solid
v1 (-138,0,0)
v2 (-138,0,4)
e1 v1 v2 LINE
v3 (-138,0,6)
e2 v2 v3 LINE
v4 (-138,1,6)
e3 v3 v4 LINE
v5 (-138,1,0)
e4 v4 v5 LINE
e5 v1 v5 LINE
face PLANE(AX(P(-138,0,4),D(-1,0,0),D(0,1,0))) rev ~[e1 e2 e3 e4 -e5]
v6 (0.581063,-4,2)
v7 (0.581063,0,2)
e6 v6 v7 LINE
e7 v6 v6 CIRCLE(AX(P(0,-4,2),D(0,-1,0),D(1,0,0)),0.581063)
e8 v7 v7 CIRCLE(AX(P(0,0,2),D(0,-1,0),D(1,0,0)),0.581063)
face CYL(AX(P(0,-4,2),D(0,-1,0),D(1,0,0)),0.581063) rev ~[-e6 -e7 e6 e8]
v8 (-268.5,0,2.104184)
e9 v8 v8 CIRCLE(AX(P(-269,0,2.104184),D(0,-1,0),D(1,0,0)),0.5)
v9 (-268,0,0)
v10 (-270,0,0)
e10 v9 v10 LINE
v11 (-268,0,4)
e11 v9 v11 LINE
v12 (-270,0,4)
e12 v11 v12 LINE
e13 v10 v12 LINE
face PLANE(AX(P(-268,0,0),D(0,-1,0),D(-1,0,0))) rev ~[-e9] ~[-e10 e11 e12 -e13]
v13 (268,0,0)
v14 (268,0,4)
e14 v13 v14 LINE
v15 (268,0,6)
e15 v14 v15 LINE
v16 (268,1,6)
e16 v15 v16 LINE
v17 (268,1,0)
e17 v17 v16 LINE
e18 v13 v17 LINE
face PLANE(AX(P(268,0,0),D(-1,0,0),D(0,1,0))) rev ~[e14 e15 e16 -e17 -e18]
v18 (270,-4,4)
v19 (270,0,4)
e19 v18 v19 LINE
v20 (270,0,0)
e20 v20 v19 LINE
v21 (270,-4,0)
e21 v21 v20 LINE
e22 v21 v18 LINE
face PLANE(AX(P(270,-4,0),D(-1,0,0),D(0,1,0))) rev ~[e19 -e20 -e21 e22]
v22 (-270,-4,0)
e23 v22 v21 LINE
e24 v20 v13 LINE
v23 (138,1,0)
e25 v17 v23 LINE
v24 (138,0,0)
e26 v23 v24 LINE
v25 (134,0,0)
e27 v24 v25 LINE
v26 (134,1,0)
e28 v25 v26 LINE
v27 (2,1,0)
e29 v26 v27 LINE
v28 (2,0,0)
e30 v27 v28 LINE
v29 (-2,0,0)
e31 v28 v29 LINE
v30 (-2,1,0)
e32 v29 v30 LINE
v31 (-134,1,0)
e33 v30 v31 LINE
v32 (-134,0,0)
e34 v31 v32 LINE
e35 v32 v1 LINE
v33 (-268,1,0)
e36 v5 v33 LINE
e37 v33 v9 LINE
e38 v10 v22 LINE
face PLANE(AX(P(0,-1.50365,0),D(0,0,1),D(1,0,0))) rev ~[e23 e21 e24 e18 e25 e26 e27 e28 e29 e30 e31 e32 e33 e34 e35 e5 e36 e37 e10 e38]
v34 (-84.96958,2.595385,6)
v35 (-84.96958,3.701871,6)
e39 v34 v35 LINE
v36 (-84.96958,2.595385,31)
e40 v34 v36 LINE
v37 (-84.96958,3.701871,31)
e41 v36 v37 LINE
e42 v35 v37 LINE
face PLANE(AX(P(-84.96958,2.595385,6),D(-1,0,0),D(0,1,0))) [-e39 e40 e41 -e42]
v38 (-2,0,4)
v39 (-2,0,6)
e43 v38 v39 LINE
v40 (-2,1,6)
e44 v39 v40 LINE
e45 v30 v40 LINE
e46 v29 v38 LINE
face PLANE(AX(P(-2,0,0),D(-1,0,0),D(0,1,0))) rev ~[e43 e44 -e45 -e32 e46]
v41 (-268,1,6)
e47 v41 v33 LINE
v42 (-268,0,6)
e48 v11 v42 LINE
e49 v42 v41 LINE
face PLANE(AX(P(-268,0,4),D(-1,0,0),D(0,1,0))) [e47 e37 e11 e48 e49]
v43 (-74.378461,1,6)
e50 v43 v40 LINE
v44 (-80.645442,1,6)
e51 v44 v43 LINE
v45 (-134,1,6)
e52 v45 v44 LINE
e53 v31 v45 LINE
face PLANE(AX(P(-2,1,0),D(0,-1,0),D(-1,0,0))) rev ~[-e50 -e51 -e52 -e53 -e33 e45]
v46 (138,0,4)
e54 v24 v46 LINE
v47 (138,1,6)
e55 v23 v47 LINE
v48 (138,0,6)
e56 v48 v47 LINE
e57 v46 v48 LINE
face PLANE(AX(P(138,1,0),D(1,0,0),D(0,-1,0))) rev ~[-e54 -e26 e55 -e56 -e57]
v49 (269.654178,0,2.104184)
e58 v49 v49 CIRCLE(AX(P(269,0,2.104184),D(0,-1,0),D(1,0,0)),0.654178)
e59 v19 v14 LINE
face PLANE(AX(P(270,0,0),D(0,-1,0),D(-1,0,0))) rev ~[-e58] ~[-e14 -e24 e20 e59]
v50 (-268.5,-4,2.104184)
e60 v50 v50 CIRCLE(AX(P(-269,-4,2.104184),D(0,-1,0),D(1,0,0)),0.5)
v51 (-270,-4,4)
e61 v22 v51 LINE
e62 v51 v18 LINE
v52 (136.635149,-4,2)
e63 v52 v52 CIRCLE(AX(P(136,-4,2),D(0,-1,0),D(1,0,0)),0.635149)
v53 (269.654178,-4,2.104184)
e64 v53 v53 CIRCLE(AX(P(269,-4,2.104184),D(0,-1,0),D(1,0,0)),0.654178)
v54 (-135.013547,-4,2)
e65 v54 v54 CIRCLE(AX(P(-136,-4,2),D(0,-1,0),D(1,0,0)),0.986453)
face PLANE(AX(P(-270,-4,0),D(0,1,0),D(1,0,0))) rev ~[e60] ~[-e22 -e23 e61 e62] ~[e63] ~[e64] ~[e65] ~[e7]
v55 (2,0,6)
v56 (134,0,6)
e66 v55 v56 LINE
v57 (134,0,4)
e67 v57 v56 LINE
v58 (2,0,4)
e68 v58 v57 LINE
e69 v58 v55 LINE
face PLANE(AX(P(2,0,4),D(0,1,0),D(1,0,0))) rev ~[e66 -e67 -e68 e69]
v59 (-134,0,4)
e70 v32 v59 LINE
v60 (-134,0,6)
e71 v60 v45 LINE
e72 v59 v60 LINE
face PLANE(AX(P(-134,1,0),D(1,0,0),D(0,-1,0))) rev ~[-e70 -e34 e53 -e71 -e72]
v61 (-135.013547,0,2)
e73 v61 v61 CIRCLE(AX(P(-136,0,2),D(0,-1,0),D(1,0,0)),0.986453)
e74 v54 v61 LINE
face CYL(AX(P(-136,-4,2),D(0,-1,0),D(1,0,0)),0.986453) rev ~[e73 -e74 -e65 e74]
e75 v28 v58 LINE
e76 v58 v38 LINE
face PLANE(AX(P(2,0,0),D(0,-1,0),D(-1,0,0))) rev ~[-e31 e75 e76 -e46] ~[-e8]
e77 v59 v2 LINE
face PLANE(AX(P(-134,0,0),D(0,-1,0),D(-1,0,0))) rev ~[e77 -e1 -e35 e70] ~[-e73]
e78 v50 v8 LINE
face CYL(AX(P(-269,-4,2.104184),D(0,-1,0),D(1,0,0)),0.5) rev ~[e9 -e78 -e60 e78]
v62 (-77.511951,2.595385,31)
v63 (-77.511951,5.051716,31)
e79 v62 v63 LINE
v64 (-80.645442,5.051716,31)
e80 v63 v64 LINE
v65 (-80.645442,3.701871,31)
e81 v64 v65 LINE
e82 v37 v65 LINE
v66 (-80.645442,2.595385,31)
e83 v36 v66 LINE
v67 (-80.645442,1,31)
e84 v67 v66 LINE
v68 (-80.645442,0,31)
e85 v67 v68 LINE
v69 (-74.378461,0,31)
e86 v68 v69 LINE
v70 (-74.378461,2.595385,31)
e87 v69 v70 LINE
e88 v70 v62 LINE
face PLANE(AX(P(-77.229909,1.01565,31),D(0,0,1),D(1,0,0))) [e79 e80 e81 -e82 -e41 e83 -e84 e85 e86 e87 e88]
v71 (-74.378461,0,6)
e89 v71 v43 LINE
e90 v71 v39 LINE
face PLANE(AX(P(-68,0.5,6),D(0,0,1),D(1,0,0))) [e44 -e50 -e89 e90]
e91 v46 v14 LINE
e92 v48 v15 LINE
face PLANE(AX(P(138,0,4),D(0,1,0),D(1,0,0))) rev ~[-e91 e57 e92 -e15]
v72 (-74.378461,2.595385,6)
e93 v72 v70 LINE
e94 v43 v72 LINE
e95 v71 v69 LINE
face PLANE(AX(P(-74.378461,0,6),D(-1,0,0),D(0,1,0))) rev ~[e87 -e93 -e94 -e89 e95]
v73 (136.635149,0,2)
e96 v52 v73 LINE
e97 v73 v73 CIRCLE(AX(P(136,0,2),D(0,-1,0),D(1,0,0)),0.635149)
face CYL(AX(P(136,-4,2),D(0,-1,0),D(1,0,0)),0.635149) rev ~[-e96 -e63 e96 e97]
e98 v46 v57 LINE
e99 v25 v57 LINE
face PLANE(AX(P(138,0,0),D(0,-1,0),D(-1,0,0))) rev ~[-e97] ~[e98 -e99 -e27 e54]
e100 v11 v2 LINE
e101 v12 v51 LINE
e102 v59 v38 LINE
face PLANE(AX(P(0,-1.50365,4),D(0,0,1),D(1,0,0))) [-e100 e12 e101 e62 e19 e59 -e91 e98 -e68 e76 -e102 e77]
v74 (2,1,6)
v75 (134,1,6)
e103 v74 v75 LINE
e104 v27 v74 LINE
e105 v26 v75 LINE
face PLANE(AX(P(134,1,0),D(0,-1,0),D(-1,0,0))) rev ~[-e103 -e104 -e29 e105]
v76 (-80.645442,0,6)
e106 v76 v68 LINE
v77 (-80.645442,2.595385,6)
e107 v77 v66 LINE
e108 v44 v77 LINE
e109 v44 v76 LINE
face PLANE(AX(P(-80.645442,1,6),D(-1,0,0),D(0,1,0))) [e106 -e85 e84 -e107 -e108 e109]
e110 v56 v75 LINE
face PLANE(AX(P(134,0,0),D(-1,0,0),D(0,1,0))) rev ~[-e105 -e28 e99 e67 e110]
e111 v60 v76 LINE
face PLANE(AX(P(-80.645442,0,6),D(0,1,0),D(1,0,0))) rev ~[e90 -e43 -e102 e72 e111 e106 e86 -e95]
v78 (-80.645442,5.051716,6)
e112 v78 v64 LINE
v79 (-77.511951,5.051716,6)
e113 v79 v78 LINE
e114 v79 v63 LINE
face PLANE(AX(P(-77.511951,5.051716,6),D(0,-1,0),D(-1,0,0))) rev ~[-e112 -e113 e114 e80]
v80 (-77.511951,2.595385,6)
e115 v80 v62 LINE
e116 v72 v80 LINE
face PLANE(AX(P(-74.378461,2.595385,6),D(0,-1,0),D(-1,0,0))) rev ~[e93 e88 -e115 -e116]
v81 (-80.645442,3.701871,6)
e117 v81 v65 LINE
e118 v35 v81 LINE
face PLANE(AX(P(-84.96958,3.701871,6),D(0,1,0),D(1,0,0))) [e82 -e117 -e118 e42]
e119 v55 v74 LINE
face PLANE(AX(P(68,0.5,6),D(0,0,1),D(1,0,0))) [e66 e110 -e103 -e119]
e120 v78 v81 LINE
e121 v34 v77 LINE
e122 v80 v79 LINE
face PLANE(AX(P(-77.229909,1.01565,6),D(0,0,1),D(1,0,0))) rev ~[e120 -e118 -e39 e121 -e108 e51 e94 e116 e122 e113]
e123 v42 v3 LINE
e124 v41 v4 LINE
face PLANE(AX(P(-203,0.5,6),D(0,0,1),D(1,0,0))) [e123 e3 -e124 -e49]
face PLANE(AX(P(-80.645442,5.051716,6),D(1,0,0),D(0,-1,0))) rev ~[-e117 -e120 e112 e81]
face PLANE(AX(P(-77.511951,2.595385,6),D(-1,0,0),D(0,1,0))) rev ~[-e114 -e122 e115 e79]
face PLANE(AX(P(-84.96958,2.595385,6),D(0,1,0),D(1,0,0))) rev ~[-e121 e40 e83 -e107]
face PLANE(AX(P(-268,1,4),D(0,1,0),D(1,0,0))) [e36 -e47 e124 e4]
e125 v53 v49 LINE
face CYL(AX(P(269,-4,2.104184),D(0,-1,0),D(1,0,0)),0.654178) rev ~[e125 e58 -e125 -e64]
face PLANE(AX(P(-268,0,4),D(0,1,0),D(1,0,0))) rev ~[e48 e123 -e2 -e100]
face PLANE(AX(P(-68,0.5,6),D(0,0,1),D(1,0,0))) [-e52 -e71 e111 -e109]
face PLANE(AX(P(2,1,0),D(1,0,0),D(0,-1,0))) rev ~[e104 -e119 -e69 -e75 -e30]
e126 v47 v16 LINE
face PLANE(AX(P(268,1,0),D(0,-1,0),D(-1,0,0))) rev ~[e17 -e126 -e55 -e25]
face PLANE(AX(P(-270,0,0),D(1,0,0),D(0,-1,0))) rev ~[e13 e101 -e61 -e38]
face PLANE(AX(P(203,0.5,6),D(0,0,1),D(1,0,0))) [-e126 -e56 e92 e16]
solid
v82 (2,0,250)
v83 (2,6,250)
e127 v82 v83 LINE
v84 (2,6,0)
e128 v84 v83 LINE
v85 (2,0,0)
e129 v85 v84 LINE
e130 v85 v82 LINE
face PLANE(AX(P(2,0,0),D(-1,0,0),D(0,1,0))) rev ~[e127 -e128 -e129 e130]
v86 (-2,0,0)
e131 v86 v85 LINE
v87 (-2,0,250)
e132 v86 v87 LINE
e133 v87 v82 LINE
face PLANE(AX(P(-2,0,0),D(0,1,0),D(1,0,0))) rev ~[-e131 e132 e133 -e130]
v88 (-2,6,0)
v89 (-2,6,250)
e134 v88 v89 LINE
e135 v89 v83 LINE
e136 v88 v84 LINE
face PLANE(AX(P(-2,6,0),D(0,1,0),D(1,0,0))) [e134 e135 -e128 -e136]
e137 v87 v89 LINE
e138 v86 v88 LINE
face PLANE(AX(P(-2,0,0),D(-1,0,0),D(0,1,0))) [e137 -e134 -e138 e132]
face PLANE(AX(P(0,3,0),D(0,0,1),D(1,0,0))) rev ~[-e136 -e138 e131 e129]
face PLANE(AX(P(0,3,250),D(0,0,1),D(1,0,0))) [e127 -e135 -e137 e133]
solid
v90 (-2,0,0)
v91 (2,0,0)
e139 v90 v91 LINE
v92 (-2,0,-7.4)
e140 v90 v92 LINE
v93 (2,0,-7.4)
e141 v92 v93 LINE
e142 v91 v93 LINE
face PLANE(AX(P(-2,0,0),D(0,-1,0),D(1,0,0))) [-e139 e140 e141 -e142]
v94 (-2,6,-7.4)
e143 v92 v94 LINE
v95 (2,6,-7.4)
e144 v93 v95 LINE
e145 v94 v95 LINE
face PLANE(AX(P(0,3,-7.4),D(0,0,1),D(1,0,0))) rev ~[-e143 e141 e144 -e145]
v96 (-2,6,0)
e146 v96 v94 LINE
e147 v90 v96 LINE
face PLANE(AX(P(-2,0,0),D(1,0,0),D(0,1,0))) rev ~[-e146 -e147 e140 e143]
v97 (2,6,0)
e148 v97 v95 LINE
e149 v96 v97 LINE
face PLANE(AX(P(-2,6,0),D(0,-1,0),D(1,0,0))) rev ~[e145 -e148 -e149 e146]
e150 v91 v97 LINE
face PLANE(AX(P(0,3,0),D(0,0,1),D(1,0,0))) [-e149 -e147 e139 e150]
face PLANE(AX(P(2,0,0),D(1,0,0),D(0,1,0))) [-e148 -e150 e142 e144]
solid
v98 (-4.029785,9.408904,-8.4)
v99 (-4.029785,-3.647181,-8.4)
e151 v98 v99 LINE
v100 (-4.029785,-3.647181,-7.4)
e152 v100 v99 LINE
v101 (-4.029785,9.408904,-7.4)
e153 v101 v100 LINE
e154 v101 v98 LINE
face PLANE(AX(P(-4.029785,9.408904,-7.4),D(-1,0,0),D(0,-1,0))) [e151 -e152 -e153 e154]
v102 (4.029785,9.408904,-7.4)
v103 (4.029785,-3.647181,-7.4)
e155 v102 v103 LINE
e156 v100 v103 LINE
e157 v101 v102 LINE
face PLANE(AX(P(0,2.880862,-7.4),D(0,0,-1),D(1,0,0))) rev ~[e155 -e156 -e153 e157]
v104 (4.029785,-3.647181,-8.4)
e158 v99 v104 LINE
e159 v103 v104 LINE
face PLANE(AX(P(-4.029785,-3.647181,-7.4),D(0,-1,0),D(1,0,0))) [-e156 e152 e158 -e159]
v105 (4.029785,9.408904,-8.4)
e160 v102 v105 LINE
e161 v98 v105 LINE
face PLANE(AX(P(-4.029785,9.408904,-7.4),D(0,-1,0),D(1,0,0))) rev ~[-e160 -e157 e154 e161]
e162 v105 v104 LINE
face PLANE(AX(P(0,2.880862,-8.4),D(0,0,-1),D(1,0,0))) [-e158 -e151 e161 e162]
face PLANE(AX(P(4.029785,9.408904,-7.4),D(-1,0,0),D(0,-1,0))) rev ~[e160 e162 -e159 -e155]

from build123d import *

# Parameters (mm, degrees)
F1_DEPTH  = 4
F2_W      = 130
F2_H      = 1
F2_W_2    = 132
F3_DEPTH  = 2
F4_R      = 0.5
F4_R_2    = 0.9864532669
F4_R_3    = 0.58106253
F4_R_4    = 0.6541784485
F4_R_5    = 0.6351490428
F5_DEPTH  = 6.3
F6_W      = 4
F6_H      = 6
F7_DEPTH  = 250
F8_DEPTH  = 7.4
F9_W      = 8.0595696345
F9_H      = 13.0560852122
F9_W_2    = 4
F9_H_2    = 6
F10_DEPTH = 1
F11_W     = 3.1334906816
F11_H     = 1.5953846052
F11_W_2   = 4.3241381645
F11_H_2   = 1.1064866558
F12_DEPTH = 25


with BuildPart() as f1:
    # F0 (on Top) → F1 (new body)
    with BuildSketch(Plane.XY):
        Polygon((-268, 0), (-270, 0), (-270, -4), (270, -4), (270, 0), (268, 0), (268, 1), (138, 1), (138, 0), (134, 0), (134, 1), (2, 1), (2, 0), (-2, 0), (-2, 1), (-134, 1), (-134, 0), (-138, 0), (-138, 1), (-268, 1), align=None)
    extrude(amount=F1_DEPTH)

    # F2 (on face) → F3 (join)
    with BuildSketch(Plane.XY.offset(4)):
        with Locations((-203, 0.5)):
            Rectangle(F2_W, F2_H)
        with Locations((-68, 0.5)):
            Rectangle(F2_W_2, F2_H)
        with Locations((68, 0.5)):
            Rectangle(F2_W_2, F2_H)
        with Locations((203, 0.5)):
            Rectangle(F2_W, F2_H)
    extrude(amount=F3_DEPTH)

    # F4 (on face) → F5 (cut)
    with BuildSketch(Plane.XZ.offset(4)):
        with Locations((-269, 2.1041841583)):
            Circle(F4_R)
        with Locations((-136, 2)):
            Circle(F4_R_2)
        with Locations((0, 2)):
            Circle(F4_R_3)
        with Locations((269, 2.1041841583)):
            Circle(F4_R_4)
        with Locations((136, 2)):
            Circle(F4_R_5)
    extrude(amount=-F5_DEPTH, mode=Mode.SUBTRACT)

    # F11 (on face) → F12 (join)
    with BuildSketch(Plane.XY.offset(6)):
        Polygon((-74.3784606457, 0), (-74.3784606457, 2.5953846052), (-77.5119513273, 2.5953846052), (-77.5119513273, 1), (-80.645442009, 1), (-80.645442009, 0), align=None)
        with Locations((-79.0786966681, 1.7976923026)):
            Rectangle(F11_W, F11_H)
        Polygon((-80.645442009, 2.5953846052), (-77.5119513273, 2.5953846052), (-77.5119513273, 5.0517162308), (-80.645442009, 5.0517162308), (-80.645442009, 3.701871261), align=None)
        with Locations((-82.8075110912, 3.1486279331)):
            Rectangle(F11_W_2, F11_H_2)
    extrude(amount=F12_DEPTH)


with BuildPart() as f7:
    # F6 (on Top) → F7 (new body)
    with BuildSketch(Plane.XY):
        with Locations((0, 3)):
            Rectangle(F6_W, F6_H)
    extrude(amount=F7_DEPTH)


with BuildPart() as f8:
    # F6 (on Top) → F8 (new body)
    with BuildSketch(Plane.XY):
        with Locations((0, 3)):
            Rectangle(F6_W, F6_H)
    extrude(amount=-F8_DEPTH)


with BuildPart() as f10:
    # F9 (on face) → F10 (new body)
    with BuildSketch(Plane(origin=(0, 0, -7.4), x_dir=(1, 0, 0), z_dir=(0, 0, -1))):
        with Locations((0, -2.8808616335)):
            Rectangle(F9_W, F9_H)
        with Locations((0, -3)):
            Rectangle(F9_W_2, F9_H_2, mode=Mode.SUBTRACT)
        with Locations((0, -3)):
            Rectangle(F9_W_2, F9_H_2)
    extrude(amount=F10_DEPTH)


solid = Compound([f1.part, f7.part, f8.part, f10.part])
